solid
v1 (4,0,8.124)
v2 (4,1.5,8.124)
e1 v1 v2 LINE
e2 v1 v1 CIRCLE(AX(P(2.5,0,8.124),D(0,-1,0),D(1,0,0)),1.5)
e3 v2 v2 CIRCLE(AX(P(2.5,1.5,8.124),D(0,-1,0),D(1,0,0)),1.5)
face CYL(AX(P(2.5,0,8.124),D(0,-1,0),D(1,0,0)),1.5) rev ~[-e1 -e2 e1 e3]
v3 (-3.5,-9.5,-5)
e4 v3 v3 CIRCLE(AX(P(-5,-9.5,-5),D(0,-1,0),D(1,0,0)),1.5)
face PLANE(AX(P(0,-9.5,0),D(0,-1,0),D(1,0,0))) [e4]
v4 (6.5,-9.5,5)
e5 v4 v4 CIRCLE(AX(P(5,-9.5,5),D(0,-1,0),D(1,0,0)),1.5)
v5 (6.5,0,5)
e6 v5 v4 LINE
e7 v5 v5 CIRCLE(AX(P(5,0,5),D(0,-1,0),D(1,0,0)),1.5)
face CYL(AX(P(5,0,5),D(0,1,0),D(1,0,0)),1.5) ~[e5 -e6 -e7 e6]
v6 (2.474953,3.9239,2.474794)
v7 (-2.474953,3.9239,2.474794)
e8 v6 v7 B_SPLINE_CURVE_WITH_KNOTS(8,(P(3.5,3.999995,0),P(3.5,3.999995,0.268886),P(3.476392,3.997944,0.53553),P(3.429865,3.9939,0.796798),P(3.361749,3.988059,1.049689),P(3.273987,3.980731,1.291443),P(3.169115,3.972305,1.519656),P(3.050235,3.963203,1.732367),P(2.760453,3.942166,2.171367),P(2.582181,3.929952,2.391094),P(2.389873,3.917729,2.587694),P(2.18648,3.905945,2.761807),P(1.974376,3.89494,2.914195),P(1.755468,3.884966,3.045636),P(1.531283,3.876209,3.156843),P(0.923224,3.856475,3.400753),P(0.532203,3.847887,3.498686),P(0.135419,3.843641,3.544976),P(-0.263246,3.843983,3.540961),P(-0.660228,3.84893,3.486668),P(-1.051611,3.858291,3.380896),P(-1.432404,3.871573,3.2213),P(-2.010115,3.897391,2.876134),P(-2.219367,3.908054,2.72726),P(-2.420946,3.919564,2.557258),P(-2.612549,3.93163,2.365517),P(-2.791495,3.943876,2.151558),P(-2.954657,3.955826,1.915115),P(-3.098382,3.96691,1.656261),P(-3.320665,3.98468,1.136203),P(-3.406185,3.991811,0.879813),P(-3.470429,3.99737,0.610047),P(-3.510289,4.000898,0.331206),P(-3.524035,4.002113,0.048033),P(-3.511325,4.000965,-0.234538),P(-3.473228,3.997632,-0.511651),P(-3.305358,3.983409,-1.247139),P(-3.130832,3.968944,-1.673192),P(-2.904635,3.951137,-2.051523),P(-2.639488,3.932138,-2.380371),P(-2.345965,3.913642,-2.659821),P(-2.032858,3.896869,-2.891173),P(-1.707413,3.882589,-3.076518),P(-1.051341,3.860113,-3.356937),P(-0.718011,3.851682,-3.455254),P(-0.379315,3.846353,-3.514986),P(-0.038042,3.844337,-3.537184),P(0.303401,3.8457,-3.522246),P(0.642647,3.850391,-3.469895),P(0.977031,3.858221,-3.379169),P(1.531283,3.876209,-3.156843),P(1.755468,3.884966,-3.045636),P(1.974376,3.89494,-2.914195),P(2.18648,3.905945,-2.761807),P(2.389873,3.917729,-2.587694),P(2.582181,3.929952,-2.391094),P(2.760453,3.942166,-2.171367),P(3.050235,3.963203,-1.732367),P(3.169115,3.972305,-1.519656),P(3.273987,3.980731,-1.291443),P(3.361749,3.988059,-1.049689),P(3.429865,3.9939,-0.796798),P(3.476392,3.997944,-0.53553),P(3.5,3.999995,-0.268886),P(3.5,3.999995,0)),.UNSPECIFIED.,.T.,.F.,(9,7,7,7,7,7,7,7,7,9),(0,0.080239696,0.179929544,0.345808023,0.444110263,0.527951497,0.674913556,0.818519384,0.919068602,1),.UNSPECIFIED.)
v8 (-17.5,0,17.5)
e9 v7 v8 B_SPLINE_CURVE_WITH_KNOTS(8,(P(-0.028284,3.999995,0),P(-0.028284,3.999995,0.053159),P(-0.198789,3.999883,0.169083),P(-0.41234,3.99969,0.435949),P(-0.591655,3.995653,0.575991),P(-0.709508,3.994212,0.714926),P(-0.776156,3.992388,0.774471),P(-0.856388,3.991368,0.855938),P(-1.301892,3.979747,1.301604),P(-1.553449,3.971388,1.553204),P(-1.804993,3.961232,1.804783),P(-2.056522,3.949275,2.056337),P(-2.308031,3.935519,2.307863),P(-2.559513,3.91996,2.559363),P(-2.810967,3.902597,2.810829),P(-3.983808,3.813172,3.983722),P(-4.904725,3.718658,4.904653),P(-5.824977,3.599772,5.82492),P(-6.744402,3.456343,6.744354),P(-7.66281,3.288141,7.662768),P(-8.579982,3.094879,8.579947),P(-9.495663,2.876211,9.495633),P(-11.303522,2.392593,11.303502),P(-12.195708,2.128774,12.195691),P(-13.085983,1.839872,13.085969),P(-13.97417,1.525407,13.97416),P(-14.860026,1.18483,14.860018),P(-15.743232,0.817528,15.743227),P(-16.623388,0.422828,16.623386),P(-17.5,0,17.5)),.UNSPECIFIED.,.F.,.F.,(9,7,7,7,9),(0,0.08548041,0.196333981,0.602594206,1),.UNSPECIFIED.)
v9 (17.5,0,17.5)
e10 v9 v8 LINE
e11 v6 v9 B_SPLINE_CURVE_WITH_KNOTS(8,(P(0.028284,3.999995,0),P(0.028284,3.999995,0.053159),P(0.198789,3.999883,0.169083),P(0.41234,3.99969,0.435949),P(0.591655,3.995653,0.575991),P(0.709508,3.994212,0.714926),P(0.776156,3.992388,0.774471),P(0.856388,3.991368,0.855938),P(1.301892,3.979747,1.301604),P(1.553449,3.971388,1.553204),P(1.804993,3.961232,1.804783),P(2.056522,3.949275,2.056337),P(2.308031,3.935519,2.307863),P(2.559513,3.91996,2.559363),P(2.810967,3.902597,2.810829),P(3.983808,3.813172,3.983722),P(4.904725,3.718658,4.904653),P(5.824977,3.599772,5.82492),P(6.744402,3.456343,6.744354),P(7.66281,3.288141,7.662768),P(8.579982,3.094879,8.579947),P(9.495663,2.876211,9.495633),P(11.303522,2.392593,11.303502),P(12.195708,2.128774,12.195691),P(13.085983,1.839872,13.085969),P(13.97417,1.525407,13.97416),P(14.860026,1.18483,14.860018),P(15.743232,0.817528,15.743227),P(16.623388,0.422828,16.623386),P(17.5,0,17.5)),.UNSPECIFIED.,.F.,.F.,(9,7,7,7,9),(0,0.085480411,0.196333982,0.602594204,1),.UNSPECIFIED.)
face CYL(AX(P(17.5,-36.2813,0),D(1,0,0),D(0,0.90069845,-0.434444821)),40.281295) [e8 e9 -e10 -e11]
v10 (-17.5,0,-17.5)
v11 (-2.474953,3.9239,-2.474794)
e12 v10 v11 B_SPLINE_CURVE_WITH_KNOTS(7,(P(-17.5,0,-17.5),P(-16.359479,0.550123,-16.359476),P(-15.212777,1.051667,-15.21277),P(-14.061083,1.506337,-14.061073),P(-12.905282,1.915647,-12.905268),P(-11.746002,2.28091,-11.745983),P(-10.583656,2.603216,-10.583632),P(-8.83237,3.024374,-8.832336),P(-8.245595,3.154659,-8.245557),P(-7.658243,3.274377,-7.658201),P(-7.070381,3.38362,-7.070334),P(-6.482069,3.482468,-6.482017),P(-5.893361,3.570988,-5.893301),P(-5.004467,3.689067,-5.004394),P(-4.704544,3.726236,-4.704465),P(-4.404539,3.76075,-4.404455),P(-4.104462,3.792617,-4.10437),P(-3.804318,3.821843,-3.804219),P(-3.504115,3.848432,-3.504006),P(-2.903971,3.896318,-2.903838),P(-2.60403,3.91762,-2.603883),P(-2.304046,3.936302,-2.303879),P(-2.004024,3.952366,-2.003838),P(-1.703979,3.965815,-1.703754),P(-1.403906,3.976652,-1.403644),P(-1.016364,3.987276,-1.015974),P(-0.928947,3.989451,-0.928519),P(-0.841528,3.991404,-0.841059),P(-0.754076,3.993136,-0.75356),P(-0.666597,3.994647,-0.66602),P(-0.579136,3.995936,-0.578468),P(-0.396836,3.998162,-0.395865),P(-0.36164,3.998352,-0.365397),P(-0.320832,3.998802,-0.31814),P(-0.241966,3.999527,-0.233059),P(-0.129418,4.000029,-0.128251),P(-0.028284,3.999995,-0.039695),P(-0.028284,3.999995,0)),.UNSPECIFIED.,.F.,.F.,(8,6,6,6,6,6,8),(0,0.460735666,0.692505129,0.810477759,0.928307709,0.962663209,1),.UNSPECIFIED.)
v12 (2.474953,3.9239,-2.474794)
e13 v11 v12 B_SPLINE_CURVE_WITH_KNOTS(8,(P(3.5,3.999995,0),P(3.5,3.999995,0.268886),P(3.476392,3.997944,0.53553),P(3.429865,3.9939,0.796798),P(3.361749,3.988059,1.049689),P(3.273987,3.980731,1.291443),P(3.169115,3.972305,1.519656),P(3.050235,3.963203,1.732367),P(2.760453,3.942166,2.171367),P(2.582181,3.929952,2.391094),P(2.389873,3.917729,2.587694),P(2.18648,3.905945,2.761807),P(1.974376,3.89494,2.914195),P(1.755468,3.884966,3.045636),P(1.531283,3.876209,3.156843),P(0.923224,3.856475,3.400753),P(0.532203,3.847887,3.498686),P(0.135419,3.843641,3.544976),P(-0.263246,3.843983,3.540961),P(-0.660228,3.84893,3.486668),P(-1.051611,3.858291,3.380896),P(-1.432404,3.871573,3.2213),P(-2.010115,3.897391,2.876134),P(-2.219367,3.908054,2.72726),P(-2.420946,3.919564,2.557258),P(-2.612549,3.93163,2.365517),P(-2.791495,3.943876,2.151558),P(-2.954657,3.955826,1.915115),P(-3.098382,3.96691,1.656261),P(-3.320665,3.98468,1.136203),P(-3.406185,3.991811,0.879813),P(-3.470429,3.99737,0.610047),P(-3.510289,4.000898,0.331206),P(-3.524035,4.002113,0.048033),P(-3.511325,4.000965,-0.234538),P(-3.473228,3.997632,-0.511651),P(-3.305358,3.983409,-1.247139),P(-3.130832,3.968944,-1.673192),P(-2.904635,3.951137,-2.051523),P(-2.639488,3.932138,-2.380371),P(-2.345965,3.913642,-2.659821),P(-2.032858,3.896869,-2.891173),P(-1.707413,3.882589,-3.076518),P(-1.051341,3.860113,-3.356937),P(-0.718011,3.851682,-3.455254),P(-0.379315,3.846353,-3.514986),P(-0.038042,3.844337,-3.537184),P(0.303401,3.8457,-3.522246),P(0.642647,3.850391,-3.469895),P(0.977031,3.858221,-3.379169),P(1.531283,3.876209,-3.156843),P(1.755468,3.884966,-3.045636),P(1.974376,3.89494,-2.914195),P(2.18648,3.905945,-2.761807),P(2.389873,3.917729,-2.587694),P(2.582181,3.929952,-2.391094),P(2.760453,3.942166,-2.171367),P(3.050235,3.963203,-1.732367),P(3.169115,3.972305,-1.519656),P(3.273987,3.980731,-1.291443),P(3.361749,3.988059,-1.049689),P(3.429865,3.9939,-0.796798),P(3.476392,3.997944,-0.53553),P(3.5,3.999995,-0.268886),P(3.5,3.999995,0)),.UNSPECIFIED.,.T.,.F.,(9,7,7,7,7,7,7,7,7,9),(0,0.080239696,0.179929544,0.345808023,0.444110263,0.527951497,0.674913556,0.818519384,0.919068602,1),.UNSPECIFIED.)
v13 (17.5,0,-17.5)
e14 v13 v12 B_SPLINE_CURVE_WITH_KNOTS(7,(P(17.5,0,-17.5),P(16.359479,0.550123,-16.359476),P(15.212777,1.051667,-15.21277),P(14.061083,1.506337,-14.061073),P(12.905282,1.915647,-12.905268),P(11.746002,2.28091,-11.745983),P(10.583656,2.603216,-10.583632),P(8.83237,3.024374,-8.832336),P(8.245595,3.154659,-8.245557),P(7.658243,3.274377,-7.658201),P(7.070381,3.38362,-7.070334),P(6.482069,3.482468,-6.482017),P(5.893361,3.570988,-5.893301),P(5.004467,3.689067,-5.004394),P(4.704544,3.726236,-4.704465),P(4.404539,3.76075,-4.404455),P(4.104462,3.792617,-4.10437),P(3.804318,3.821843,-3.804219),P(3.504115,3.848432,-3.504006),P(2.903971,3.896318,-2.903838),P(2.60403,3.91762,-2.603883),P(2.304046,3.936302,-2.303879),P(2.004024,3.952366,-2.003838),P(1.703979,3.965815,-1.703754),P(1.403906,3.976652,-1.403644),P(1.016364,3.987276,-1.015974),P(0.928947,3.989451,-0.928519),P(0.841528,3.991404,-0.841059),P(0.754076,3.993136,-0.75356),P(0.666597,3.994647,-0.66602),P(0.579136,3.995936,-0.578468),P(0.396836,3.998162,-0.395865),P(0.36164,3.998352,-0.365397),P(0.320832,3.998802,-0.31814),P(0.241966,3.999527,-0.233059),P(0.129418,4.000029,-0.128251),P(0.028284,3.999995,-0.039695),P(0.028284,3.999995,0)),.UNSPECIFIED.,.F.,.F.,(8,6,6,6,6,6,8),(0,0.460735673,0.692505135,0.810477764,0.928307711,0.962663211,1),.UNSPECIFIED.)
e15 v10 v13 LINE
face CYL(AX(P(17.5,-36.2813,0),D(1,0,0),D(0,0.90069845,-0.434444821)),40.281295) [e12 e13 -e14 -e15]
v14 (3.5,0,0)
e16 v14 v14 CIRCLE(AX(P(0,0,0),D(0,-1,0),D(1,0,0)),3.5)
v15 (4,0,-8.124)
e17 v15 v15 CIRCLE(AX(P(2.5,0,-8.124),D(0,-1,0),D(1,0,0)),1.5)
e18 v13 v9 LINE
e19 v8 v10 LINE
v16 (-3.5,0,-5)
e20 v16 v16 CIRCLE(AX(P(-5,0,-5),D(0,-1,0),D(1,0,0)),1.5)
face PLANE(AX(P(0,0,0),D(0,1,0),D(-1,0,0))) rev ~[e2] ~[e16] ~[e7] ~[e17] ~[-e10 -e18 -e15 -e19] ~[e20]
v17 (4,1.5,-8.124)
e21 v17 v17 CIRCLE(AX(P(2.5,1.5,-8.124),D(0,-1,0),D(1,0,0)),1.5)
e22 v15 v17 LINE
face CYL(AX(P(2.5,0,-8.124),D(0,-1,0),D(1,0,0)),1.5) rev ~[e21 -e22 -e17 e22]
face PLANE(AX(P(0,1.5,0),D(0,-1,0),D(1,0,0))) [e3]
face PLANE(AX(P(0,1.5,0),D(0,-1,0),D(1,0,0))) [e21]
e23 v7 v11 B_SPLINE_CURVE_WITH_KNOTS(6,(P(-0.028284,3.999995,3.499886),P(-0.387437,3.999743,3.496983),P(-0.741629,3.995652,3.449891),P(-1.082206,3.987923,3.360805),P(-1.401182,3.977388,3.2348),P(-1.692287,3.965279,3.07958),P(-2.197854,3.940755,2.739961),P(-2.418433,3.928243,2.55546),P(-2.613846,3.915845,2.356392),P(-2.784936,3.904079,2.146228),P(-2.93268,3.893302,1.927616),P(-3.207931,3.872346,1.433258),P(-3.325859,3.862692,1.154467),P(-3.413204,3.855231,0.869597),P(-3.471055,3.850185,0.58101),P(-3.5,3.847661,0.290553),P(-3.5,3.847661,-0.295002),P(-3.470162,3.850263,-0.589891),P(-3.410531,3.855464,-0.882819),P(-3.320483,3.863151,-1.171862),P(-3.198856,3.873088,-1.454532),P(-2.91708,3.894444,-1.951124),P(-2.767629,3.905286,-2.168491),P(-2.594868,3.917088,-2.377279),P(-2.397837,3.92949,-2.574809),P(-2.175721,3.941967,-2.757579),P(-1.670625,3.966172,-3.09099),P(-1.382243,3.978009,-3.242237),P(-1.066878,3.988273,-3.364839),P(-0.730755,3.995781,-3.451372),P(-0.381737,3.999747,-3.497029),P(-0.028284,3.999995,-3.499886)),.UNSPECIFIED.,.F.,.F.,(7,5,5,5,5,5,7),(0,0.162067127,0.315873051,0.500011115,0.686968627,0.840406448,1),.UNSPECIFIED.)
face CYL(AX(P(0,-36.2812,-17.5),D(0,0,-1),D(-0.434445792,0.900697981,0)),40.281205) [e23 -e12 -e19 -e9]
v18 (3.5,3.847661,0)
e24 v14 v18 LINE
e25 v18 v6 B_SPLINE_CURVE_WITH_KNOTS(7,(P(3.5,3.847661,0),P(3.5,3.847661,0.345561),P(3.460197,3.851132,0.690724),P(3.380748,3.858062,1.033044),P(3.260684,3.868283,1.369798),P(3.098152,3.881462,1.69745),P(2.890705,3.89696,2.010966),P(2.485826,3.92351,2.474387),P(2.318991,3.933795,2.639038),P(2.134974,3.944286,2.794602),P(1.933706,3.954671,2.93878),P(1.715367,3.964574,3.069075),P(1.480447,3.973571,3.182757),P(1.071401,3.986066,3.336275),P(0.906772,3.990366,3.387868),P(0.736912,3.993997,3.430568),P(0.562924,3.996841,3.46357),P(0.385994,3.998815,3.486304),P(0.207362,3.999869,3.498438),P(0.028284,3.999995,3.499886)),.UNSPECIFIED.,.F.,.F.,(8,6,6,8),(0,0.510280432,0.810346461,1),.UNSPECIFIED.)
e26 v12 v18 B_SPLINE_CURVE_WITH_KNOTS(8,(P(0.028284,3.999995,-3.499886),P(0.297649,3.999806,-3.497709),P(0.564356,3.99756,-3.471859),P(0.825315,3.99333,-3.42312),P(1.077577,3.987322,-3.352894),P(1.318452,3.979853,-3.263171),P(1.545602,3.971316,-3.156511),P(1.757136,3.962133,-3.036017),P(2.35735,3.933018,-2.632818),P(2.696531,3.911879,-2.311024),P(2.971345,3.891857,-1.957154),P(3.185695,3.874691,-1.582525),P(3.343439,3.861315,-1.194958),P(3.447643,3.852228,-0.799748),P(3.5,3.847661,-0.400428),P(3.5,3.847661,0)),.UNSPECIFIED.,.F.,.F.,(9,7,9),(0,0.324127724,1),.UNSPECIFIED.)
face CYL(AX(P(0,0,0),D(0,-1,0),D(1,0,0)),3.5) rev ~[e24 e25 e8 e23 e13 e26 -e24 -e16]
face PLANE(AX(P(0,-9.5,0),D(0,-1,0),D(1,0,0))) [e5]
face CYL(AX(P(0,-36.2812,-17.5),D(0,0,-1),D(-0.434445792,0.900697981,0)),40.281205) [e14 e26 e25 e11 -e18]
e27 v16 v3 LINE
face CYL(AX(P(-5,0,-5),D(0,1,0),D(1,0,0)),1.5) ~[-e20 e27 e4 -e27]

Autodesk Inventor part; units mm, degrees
ref_plane "YZ Plane" through (0, 0, 0) normal (1, 0, 0) x (0, 1, 0)
ref_plane "XZ Plane" through (0, 0, 0) normal (0, 1, 0) x (-1, 0, 0)
ref_plane "XY Plane" through (0, 0, 0) normal (0, 0, 1) x (1, 0, 0)
sketch "Sketch1" plane through (0, 0, 0) normal (0, 1, 0) x (-1, 0, 0)
  line L0 (17.5, -17.5) -> (-17.5, -17.5)
  line L1 (-17.5, -17.5) -> (-17.5, 17.5)
  line L2 (-17.5, 17.5) -> (17.5, 17.5)
  line L3 (17.5, 17.5) -> (17.5, -17.5)
  line L4 (17.5, -17.5) -> (-17.5, 17.5) construction
  line L5 (-17.5, -17.5) -> (17.5, 17.5) construction
  point P0 (0, 0)
  dimension "d0" = 35
  dimension "d1" = 35
extrude "Extrusion1" add sketch "Sketch1" along normal blind 4
sketch "Sketch3" plane through (17.5, 0, 17.5) normal (1, 0, 0) x (0, 0, -1)
  line L0 (35, 4) -> (0, 4) projected
  line L1 (0, 0) -> (35, 0) projected
  line L2 (0, 0) -> (35, 0)
  arc A0 (35, 0) -> (0, 0) centre (17.5, -36.2813) ccw
  point P0 (17.5, 4)
extrude "Extrusion3" cut sketch "Sketch3" against normal through all keep common part
sketch "Sketch4" plane through (17.5, 0, -17.5) normal (0, 0, -1) x (-1, 0, 0)
  line L0 (35, 0) -> (35, 4) projected
  line L1 (0, 0) -> (35, 0)
  line L2 (0, 0) -> (0, 4) projected
  line L3 (35, 0) -> (0, 0) projected
  arc A0 (35, 0) -> (0, 0) centre (17.5, -36.2812) ccw
  point P0 (17.5, 0)
  dimension "d31" = 4
extrude "Extrusion4" cut sketch "Sketch4" against normal through all keep common part
sketch "Sketch5" plane through (0, 0, 0) normal (0, -1, 0) x (1, 0, 0)
  circle A0 centre (0, 0) radius 3.5
  dimension "d14" = 7
extrude "Extrusion5" cut sketch "Sketch5" against normal through all
sketch "Sketch6" plane through (0, 0, 0) normal (0, -1, 0) x (1, 0, 0)
  circle A0 centre (-5, -5) radius 1.5
  circle A1 centre (5, 5) radius 1.5
  circle A2 centre (5, -5) radius 1.5
  circle A3 centre (-5, 5) radius 1.5
  point P0 (0, 0)
  point P1 (0, 0)
  dimension "d17" = 3
  dimension "d18" = 3
  dimension "d19" = 5
  dimension "d20" = 5
  dimension "d21" = 5
  dimension "d22" = 5
  dimension "d25" = 3
  dimension "d26" = 3
  dimension "d27" = 5
  dimension "d28" = 5
  dimension "d29" = 5
  dimension "d30" = 5
extrude "Extrusion6" add sketch "Sketch6" along normal blind 9.5 contours A0 | A1
sketch "Sketch7" plane through (0, 0, 0) normal (0, -1, 0) x (1, 0, 0)
  line L0 (-17.5, 17.5) -> (-17.5, -17.5) construction
  line L1 (-17.5, 0) -> (17.5, 0) construction
  line L2 (17.5, -17.5) -> (17.5, 17.5) construction
  circle A0 centre (2.5, 8.124) radius 1.5
  circle A1 centre (2.5, -8.124) radius 1.5
  point P0 (0, 0)
  dimension "d32" = 3
  dimension "d33" = 8.5
  dimension "d34" = 15
extrude "Extrusion7" cut sketch "Sketch7" against normal blind 1.5
equation "\"d1\" = d0"
equation "\"d17\" = d18"
equation "\"d19\" = d21"
equation "\"d20\" = d27"
equation "\"d22\" = d27"
equation "\"d25\" = d18"
equation "\"d26\" = d18"
equation "\"d27\" = d21"
equation "\"d28\" = d21"
equation "\"d29\" = d21"
equation "\"d30\" = d21"
properties part number "thumper-bumper-trigger-v2"
